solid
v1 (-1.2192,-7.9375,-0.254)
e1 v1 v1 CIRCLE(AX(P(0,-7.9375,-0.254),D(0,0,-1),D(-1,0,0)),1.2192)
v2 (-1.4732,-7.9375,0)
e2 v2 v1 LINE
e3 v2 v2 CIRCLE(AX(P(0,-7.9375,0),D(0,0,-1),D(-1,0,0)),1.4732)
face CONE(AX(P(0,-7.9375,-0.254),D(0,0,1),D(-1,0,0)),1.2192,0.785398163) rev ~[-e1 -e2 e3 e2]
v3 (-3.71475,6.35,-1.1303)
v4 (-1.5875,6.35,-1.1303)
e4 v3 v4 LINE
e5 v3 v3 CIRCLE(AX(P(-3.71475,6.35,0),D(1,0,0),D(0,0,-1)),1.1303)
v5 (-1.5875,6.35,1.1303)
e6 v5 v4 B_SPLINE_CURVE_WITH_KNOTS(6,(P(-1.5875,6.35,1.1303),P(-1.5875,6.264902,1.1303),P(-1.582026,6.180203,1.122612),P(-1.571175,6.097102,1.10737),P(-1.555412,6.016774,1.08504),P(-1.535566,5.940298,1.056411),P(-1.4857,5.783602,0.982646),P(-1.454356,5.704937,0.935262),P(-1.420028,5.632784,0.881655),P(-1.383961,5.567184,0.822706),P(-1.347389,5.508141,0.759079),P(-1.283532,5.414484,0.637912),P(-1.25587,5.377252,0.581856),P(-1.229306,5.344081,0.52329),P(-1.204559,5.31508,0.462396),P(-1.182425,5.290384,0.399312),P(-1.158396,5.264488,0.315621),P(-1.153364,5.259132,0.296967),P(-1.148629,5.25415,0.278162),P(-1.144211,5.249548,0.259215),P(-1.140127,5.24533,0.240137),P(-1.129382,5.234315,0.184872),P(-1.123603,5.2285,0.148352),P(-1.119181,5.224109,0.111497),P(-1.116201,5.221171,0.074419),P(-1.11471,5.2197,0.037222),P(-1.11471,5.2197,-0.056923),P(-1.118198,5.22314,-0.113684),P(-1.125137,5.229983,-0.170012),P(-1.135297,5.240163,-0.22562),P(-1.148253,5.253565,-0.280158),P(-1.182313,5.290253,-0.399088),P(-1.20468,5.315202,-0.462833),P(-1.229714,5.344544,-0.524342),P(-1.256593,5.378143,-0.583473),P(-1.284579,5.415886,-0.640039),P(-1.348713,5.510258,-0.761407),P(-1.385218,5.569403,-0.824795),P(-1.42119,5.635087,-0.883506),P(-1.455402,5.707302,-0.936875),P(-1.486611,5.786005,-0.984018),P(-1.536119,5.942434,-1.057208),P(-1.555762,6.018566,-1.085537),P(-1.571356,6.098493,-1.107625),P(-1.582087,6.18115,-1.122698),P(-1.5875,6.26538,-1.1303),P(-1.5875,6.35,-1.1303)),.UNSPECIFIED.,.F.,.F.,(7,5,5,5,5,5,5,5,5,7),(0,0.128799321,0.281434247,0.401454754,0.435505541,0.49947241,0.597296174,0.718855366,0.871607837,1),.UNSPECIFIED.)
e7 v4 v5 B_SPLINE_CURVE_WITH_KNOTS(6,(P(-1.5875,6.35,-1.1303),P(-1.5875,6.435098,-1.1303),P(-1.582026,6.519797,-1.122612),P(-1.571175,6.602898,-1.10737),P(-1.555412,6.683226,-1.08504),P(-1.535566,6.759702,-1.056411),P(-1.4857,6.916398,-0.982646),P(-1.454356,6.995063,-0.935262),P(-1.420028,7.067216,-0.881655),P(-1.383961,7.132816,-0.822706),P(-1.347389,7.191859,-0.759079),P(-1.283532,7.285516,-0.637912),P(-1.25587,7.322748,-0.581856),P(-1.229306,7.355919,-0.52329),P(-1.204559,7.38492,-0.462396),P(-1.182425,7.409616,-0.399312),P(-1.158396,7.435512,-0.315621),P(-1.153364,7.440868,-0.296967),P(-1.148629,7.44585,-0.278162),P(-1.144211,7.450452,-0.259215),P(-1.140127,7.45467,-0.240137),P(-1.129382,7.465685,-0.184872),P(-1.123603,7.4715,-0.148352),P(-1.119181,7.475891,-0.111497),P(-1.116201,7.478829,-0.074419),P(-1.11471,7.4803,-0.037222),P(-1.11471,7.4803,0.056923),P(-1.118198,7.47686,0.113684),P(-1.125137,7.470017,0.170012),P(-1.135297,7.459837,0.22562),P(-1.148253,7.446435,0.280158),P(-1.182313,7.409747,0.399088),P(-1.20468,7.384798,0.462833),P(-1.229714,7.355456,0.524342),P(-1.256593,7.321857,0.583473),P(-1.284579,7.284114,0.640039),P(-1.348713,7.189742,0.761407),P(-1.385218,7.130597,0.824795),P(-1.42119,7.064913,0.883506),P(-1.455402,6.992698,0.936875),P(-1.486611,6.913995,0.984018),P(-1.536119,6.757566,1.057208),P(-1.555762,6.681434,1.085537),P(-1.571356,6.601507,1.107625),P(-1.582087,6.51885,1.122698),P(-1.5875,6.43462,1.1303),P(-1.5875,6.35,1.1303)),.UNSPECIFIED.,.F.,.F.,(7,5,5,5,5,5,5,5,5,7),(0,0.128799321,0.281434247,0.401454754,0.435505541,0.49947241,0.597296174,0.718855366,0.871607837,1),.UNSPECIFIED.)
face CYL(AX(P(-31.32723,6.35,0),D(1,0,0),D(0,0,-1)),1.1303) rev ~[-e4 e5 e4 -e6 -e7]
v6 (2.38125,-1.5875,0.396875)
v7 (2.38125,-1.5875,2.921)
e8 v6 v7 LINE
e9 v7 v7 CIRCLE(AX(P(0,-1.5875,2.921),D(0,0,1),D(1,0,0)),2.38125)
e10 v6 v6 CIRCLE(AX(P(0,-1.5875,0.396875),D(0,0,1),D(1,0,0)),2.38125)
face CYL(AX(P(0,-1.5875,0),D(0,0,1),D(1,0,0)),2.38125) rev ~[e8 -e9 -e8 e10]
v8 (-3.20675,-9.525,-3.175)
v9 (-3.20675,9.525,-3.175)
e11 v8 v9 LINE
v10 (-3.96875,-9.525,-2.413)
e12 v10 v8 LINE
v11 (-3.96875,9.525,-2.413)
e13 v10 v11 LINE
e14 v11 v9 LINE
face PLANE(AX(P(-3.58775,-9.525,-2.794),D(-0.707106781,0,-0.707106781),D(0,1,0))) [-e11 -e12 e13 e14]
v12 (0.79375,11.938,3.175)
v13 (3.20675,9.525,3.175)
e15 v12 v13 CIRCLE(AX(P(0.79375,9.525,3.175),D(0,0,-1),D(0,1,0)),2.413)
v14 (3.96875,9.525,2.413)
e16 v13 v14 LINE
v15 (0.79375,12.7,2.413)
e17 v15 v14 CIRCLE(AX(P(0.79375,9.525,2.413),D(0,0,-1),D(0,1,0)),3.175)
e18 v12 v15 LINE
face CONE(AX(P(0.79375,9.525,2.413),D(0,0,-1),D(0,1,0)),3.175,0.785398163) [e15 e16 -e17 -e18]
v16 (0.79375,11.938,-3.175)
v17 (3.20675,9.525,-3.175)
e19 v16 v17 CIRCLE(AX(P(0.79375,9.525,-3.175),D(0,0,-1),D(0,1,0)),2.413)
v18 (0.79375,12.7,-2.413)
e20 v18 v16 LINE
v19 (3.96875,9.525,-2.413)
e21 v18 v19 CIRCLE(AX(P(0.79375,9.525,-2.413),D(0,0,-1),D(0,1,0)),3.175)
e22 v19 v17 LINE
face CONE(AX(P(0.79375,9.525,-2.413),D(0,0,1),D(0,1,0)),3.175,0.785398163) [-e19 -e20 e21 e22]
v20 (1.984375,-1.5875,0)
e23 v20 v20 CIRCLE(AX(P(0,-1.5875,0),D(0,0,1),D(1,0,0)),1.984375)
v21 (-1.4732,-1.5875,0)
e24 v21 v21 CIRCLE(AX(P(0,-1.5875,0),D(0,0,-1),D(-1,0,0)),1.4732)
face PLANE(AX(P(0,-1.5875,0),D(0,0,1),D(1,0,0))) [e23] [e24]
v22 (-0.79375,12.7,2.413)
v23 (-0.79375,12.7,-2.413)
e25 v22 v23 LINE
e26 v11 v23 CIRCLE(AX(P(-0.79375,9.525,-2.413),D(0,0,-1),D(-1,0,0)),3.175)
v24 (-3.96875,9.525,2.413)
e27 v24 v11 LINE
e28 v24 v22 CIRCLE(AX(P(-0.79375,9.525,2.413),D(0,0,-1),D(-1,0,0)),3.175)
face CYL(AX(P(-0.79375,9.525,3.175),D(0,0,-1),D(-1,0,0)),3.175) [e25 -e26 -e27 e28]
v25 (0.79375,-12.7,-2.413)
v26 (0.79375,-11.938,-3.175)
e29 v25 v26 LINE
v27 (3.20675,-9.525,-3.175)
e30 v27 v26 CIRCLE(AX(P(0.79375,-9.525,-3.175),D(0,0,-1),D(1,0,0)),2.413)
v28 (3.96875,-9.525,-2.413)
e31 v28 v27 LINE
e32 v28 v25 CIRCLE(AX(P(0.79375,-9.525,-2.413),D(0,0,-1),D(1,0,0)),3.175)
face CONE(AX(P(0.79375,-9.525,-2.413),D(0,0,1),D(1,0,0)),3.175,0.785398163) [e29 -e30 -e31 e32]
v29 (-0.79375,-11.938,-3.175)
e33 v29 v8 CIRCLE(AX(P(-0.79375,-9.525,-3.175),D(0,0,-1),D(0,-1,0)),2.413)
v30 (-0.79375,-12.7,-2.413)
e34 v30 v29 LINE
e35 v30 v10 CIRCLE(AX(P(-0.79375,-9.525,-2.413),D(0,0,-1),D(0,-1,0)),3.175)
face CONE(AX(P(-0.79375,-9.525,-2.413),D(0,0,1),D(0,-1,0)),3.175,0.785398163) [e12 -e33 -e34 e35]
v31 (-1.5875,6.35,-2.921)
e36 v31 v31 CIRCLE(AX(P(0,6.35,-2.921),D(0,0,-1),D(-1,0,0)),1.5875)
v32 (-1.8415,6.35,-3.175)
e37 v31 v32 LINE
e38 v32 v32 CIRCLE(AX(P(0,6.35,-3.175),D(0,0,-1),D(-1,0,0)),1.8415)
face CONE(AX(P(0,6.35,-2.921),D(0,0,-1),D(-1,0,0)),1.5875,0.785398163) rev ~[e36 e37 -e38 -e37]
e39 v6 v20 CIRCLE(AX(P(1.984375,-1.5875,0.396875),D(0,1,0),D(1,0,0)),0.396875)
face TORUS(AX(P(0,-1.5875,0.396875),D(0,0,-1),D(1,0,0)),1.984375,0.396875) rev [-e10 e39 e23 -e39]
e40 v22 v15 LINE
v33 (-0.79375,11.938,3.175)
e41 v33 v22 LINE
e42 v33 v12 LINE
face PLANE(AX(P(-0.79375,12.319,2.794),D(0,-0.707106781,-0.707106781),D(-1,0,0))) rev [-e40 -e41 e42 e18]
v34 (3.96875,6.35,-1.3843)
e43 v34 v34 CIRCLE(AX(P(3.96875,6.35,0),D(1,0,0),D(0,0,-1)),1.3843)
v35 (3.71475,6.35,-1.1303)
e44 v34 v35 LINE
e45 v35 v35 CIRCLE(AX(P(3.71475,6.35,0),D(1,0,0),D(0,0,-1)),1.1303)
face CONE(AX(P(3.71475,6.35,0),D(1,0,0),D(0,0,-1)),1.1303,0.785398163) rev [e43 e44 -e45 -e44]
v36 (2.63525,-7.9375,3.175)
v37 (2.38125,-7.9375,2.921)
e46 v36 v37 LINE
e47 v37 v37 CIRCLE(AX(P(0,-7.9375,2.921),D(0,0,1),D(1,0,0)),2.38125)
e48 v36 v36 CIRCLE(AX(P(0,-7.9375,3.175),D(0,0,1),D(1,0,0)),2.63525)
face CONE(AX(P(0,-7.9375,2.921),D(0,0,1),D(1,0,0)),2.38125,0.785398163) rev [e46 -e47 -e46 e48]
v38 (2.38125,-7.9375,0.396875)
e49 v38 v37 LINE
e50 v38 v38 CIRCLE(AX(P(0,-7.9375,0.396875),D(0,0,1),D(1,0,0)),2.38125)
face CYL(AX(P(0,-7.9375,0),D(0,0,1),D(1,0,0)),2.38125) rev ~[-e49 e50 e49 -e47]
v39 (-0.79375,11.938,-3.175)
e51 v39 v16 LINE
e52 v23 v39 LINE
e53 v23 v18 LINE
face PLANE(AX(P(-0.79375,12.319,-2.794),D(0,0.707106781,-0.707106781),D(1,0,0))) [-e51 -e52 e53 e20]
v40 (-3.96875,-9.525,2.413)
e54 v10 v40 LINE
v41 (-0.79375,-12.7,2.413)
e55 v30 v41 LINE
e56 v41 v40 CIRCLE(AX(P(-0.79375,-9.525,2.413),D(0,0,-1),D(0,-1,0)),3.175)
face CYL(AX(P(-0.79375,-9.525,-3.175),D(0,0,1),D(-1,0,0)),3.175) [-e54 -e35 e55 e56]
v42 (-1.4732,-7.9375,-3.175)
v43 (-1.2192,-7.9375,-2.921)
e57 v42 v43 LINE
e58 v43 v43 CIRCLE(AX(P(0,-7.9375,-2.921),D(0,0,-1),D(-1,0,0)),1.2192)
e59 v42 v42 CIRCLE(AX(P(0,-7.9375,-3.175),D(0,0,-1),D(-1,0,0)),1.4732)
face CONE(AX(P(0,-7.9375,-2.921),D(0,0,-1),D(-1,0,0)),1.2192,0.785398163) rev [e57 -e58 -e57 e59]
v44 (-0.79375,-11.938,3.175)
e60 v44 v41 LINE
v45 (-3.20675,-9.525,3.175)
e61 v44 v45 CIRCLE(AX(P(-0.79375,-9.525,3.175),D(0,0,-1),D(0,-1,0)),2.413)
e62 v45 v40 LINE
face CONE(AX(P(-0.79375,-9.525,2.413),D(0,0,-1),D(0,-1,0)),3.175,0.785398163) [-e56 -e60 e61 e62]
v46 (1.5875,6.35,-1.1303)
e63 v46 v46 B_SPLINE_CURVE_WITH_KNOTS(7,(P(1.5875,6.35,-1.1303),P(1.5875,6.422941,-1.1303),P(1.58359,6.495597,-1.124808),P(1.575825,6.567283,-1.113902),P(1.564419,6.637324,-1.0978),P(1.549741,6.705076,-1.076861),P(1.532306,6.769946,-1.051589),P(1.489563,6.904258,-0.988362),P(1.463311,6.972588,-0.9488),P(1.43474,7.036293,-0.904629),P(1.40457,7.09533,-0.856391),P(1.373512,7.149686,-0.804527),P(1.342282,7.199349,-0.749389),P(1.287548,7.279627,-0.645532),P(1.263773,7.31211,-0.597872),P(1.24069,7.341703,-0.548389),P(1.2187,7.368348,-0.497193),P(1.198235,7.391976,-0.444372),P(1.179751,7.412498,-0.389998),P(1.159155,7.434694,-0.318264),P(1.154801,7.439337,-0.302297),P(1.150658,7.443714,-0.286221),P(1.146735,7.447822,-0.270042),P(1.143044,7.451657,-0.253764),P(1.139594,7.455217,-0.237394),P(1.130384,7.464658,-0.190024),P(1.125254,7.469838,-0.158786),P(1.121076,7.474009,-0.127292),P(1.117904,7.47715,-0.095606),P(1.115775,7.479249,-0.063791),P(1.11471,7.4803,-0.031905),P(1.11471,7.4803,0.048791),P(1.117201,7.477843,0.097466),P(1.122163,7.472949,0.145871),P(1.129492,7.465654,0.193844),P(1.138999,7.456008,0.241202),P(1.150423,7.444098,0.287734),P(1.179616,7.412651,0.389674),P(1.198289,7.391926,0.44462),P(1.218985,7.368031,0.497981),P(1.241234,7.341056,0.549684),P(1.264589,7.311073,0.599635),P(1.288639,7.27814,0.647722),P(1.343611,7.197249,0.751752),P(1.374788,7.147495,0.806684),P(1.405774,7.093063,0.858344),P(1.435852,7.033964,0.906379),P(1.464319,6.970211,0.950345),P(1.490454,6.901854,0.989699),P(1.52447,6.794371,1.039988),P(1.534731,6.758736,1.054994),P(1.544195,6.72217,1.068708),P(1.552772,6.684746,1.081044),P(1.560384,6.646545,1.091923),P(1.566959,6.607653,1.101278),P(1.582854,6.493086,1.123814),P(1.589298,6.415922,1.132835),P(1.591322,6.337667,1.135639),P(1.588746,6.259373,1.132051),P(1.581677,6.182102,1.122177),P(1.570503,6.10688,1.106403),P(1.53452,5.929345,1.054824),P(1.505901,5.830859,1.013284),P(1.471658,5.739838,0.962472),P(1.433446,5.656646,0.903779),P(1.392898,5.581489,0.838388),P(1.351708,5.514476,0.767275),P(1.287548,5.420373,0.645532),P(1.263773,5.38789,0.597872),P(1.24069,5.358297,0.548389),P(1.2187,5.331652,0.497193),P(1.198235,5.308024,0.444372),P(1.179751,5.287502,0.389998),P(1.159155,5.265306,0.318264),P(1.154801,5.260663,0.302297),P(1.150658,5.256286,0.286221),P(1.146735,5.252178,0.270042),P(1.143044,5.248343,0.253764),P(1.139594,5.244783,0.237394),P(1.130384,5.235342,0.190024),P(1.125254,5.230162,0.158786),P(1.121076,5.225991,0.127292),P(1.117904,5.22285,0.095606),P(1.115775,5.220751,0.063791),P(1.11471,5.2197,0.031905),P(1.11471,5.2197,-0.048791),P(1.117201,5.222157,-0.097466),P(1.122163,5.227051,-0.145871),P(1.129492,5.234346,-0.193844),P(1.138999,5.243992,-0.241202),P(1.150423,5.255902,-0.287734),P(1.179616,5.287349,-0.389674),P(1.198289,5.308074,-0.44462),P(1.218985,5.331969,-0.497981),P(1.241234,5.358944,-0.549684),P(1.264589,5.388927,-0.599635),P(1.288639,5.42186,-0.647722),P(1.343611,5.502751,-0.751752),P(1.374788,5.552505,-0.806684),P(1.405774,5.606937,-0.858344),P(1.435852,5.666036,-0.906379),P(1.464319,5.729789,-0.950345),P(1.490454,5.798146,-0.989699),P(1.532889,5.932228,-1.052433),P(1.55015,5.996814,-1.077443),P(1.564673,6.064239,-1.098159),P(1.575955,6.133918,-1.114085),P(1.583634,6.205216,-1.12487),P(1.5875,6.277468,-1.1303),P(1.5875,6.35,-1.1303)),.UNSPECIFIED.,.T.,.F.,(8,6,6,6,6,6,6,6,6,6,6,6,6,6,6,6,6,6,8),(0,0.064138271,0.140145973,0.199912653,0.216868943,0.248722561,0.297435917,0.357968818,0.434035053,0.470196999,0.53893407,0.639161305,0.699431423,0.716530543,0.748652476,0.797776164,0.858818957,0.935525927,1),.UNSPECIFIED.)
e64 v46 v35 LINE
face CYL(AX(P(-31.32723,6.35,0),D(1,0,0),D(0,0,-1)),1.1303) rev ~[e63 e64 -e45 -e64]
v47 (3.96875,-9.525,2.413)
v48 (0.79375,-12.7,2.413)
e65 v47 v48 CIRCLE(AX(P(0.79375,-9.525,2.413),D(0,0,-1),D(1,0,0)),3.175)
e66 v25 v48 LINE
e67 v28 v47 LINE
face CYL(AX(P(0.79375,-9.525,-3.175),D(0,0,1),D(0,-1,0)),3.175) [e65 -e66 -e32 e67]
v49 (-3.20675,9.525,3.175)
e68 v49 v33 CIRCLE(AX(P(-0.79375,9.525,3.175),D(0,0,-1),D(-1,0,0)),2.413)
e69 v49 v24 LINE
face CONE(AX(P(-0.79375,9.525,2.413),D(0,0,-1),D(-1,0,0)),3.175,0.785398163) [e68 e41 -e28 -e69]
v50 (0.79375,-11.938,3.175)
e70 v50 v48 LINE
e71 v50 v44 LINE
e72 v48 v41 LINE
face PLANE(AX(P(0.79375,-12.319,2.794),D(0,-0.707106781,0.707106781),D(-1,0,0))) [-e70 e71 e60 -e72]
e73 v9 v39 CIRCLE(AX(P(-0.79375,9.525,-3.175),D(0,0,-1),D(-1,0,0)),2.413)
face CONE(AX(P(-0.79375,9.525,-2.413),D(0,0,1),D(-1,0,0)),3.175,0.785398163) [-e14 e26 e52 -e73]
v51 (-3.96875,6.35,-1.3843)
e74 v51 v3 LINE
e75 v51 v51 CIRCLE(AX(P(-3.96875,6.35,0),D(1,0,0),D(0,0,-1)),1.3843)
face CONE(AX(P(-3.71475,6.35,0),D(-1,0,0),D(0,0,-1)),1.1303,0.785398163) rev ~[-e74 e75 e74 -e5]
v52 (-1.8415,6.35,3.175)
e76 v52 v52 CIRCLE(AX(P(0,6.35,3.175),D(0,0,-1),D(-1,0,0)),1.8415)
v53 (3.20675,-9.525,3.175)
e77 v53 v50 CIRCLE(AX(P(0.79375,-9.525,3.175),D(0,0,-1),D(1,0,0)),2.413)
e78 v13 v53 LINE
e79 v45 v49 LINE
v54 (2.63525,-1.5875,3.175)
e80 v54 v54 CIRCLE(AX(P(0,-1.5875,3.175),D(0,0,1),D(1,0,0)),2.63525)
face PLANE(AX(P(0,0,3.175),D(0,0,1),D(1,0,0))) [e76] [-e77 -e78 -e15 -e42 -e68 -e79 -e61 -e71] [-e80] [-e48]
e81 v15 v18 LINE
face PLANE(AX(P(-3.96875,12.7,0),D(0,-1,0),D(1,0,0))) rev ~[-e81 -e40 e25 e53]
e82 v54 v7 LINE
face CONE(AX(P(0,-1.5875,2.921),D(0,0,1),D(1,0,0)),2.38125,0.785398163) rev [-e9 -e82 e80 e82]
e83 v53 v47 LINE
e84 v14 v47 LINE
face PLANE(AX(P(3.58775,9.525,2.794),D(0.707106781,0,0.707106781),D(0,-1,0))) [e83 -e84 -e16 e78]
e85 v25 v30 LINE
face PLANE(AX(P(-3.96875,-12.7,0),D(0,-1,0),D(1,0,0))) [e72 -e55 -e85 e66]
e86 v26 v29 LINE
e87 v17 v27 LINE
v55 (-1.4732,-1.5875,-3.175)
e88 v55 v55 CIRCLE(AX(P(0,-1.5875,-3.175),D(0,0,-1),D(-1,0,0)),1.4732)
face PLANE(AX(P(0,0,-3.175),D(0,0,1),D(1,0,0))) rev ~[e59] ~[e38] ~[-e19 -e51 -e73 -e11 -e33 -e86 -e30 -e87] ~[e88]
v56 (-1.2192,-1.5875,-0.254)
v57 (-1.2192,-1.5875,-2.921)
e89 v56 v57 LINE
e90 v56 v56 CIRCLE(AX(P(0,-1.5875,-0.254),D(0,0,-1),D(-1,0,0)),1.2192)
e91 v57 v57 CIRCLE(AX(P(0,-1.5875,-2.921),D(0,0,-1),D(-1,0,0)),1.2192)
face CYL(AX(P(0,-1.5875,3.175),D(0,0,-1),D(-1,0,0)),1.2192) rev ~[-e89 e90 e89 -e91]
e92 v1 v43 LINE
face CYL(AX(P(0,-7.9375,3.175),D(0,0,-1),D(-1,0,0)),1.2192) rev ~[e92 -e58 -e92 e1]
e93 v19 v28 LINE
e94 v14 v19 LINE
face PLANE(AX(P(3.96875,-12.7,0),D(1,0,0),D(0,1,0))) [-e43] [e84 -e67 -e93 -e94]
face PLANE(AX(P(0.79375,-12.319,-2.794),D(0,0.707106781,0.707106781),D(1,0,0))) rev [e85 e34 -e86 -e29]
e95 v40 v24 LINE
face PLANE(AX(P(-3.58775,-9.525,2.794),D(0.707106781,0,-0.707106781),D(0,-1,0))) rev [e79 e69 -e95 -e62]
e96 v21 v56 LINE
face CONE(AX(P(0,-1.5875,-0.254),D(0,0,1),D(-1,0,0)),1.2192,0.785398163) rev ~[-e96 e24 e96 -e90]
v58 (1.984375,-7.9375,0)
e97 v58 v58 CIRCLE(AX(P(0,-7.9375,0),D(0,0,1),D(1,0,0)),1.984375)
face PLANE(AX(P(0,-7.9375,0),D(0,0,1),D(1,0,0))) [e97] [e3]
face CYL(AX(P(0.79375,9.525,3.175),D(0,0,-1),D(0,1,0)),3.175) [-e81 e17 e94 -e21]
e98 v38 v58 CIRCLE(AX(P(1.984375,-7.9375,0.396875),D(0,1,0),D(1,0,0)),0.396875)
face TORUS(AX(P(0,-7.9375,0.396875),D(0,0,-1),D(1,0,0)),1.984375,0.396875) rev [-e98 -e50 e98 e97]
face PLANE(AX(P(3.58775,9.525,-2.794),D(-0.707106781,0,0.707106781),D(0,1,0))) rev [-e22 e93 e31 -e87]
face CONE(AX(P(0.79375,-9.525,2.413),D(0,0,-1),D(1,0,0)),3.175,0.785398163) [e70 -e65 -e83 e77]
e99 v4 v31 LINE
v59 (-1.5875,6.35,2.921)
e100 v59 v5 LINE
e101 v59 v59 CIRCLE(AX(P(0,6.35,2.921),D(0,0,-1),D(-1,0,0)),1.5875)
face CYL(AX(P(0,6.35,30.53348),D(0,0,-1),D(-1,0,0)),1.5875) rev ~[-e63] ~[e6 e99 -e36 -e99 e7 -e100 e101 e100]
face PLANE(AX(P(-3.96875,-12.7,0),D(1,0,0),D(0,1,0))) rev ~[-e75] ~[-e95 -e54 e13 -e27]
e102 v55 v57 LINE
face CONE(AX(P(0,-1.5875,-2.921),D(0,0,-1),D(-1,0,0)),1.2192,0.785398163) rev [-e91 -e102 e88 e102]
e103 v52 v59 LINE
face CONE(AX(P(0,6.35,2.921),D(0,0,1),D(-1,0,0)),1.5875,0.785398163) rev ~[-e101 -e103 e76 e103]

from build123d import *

# Parameters (mm, degrees)
SKETCH1_W                                           = 7.9375
SKETCH1_H                                           = 25.4
BOSS_EXTRUDE1_DEPTH                                 = 3.175
F_1_8_0_125_DIAMETER_HOLE1_D                        = 3.175
CBORE_FOR_2_BINDING_HEAD_MACHINE_SCREW1_D           = 2.4384
CBORE_FOR_2_BINDING_HEAD_MACHINE_SCREW1_CBORE_D     = 4.7625
CBORE_FOR_2_BINDING_HEAD_MACHINE_SCREW1_CBORE_DEPTH = 3.175
F_4_40_TAPPED_HOLE1_D                               = 2.2606
FILLET1_R                                           = 3.175
FILLET2_R                                           = 0.396875
CHAMFER2_SIZE                                       = 0.762
CHAMFER3_SIZE                                       = 0.254


with BuildPart() as part:
    # Sketch1 → Boss-Extrude1 (new body, symmetric)
    with BuildSketch(Plane.XY):
        Rectangle(SKETCH1_W, SKETCH1_H)
    extrude(amount=BOSS_EXTRUDE1_DEPTH, both=True)

    # 1/8 (0.125) Diameter Hole1 (through all)
    with Locations(Plane.XY.offset(3.175)):
        with Locations((0, 6.35)):
            Hole(F_1_8_0_125_DIAMETER_HOLE1_D / 2)

    # CBORE for #2 Binding Head Machine Screw1 (through all)
    with Locations(Plane.XY.offset(3.175)):
        with Locations((0, -1.5875), (0, -7.9375)):
            CounterBoreHole(CBORE_FOR_2_BINDING_HEAD_MACHINE_SCREW1_D / 2, CBORE_FOR_2_BINDING_HEAD_MACHINE_SCREW1_CBORE_D / 2, CBORE_FOR_2_BINDING_HEAD_MACHINE_SCREW1_CBORE_DEPTH)

    # #4-40 Tapped Hole1 (through all)
    with Locations(Plane.ZY.offset(3.96875)):
        with Locations((0, 6.35)):
            Hole(F_4_40_TAPPED_HOLE1_D / 2)

    # Fillet1
    fillet1_edges = [part.edges().sort_by_distance(p)[0] for p in [
        (-3.96875, -12.7, 0),
        (3.96875, -12.7, 0),
        (3.96875, 12.7, 0),
        (-3.96875, 12.7, 0),
    ]]
    fillet(fillet1_edges, radius=FILLET1_R)

    # Fillet2
    fillet2_edges = [part.edges().sort_by_distance(p)[0] for p in [
        (-2.38125, -7.9375, 0),
        (-2.38125, -1.5875, 0),
    ]]
    fillet(fillet2_edges, radius=FILLET2_R)

    # Chamfer2
    chamfer2_edges = [part.edges().sort_by_distance(p)[0] for p in [
        (0, 12.7, -3.175),
        (0, 12.7, 3.175),
        (-3.96875, 0, -3.175),
        (3.96875, 0, -3.175),
        (0, -12.7, -3.175),
        (-3.03881403, 11.77006403, -3.175),
        (-3.03881403, -11.77006403, -3.175),
        (3.03881403, -11.77006403, -3.175),
        (3.03881403, 11.77006403, -3.175),
        (3.96875, 0, 3.175),
        (-3.96875, 0, 3.175),
        (0, -12.7, 3.175),
        (-3.03881403, 11.77006403, 3.175),
        (-3.03881403, -11.77006403, 3.175),
        (3.03881403, -11.77006403, 3.175),
        (3.03881403, 11.77006403, 3.175),
    ]]
    chamfer(chamfer2_edges, length=CHAMFER2_SIZE)

    # Chamfer3
    chamfer3_edges = [part.edges().sort_by_distance(p)[0] for p in [
        (1.5875, 6.35, 3.175),
        (1.5875, 6.35, -3.175),
        (-2.38125, -7.9375, 3.175),
        (1.2192, -7.9375, -3.175),
        (1.2192, -7.9375, 0),
        (-2.38125, -1.5875, 3.175),
        (1.2192, -1.5875, -3.175),
        (1.2192, -1.5875, 0),
        (3.96875, 6.35, 1.1303),
        (-3.96875, 6.35, 1.1303),
    ]]
    chamfer(chamfer3_edges, length=CHAMFER3_SIZE)


solid = part.part
